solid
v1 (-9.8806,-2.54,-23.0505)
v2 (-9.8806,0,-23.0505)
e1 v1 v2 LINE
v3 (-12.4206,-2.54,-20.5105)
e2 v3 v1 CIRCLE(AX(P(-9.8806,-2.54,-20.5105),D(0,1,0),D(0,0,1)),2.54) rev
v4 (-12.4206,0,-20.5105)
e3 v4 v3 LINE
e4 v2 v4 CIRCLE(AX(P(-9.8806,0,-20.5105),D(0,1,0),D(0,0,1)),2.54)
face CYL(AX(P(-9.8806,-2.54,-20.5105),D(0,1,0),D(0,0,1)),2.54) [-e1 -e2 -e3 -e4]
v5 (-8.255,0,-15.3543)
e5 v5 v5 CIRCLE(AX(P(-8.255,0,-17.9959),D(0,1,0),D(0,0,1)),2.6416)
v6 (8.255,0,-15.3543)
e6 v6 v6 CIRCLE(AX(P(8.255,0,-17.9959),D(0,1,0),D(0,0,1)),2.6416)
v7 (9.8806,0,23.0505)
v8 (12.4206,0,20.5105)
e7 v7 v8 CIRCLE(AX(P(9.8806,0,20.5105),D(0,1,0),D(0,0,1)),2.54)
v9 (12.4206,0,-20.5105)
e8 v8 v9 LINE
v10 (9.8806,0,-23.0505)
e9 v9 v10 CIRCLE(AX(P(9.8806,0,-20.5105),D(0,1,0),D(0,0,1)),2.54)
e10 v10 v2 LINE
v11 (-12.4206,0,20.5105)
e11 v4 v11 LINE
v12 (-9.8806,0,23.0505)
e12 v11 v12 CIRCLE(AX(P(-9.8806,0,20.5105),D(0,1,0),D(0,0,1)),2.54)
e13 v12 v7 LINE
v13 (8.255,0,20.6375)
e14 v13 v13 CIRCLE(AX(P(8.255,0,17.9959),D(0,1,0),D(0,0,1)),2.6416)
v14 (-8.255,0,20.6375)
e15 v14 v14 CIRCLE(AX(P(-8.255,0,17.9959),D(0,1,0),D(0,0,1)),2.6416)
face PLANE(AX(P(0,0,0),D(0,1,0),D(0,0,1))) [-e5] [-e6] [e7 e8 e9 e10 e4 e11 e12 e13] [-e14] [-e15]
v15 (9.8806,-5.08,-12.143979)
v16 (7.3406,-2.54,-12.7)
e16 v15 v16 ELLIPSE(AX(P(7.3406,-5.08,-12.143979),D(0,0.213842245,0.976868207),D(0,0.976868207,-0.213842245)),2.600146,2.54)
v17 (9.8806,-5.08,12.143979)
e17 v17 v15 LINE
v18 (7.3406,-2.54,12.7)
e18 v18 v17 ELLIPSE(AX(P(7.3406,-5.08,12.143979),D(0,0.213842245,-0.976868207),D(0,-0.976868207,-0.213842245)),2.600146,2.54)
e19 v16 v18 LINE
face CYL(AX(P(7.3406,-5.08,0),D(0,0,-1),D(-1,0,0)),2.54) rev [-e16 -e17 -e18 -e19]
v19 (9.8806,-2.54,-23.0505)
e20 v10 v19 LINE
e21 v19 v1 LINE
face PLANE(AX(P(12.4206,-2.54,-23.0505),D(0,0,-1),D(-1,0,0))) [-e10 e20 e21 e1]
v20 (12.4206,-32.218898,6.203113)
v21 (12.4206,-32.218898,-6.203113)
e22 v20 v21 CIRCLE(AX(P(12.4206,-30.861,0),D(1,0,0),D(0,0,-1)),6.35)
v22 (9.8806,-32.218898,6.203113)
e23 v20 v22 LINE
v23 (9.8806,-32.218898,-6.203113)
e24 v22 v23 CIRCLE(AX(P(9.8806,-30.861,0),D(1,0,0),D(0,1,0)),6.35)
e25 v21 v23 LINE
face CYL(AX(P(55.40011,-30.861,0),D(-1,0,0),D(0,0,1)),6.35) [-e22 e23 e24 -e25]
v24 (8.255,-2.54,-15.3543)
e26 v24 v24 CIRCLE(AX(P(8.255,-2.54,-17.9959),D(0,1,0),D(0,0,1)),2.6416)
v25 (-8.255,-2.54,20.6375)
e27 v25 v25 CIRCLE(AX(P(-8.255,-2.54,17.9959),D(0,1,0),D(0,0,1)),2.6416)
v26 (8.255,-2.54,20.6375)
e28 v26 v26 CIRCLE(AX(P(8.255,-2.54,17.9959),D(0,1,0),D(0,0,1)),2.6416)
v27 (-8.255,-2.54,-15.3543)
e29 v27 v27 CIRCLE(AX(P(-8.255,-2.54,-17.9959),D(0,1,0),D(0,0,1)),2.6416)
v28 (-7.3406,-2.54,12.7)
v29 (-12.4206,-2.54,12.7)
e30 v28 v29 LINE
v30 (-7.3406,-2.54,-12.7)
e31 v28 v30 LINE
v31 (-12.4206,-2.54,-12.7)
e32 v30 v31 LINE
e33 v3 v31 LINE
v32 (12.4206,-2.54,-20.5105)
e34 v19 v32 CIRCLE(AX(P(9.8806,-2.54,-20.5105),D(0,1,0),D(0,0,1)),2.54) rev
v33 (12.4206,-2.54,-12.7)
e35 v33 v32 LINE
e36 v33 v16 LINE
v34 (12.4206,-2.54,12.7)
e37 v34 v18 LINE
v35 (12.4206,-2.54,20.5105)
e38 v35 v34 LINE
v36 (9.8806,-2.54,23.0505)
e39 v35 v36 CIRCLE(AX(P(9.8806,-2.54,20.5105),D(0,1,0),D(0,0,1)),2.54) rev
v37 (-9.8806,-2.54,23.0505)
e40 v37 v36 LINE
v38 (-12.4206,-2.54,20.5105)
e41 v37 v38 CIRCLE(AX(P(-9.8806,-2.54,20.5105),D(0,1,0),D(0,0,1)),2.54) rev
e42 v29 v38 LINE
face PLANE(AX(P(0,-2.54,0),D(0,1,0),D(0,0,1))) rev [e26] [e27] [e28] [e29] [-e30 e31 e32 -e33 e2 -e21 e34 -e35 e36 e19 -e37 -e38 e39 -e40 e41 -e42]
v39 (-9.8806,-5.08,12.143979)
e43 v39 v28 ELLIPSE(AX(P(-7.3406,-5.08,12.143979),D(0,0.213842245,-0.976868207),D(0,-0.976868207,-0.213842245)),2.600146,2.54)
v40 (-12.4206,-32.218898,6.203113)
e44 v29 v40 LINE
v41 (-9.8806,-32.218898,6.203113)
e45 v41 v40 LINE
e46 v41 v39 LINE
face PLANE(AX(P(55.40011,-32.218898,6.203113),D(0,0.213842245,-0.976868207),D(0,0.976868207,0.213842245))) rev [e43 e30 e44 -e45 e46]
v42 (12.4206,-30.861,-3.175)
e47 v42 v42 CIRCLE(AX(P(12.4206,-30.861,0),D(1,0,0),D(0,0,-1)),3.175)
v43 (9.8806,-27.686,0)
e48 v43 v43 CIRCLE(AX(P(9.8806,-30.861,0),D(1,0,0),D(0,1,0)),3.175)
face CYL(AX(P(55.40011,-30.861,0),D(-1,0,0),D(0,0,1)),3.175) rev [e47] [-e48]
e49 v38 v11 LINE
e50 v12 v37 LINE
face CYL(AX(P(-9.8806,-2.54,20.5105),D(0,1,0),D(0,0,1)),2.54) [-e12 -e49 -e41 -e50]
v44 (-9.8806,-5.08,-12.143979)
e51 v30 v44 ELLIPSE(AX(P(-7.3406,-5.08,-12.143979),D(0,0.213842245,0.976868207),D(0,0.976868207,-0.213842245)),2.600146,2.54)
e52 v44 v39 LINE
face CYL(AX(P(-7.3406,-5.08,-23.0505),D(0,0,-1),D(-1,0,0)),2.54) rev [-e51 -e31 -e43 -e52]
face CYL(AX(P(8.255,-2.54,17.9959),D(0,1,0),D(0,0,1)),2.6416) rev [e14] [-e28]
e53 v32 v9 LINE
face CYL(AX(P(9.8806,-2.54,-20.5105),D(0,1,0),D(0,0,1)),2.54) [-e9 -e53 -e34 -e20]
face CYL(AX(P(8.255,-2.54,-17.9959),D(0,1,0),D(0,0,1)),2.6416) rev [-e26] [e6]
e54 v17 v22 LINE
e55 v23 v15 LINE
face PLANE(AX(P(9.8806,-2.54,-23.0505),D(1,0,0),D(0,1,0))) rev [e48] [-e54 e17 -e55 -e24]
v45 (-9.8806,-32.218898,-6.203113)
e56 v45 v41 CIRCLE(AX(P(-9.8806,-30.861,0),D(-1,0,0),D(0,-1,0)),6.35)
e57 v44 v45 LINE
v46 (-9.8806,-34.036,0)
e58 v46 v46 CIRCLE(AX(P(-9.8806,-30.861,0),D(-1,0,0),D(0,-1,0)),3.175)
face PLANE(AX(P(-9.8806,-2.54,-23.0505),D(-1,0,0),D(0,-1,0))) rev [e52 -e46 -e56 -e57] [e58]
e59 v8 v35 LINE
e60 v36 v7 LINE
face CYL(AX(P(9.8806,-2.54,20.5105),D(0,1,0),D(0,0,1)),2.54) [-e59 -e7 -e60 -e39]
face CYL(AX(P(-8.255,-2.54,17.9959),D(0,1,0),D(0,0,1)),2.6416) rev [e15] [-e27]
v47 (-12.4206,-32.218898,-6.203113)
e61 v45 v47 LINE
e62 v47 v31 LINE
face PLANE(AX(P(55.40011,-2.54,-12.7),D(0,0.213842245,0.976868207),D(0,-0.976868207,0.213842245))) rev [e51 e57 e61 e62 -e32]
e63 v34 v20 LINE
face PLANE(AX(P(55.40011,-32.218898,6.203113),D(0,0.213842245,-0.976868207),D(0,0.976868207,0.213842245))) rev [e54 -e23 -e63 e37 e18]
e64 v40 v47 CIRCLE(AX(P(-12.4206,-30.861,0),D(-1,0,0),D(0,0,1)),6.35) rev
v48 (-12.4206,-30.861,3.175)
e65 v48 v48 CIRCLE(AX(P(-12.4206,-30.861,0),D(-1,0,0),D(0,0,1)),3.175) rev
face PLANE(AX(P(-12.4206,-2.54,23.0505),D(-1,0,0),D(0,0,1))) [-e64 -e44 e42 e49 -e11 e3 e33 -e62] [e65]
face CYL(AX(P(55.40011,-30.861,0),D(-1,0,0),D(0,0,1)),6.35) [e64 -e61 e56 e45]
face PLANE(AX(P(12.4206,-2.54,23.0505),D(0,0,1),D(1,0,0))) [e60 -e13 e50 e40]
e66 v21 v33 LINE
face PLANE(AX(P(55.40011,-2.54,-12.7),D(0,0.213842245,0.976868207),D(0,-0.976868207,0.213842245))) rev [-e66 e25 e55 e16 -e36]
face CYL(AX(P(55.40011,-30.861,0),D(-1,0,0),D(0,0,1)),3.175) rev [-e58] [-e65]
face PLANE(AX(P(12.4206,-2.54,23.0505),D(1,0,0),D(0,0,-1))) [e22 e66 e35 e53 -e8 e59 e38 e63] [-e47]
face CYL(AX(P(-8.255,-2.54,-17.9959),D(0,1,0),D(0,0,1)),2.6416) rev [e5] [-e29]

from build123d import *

# Parameters (mm, degrees)
SKETCH1_W                       = 24.8412
SKETCH1_H                       = 46.101
SKETCH1_R                       = 2.6416
BOSS_EXTRUDE1_DEPTH             = 2.54
BOSS_EXTRUDE2_REACH             = 28.307
SKETCH2_R                       = 3.175
BOSS_EXTRUDE2_DIRECTION_2_REACH = 28.307
CUT_EXTRUDE1_DEPTH              = 46.500059073
CUT_EXTRUDE1_DEPTH_BACK         = 46.500059073
SKETCH3_W                       = 19.7612
SKETCH3_H                       = 34.671
FILLET1_R                       = 2.54


with BuildPart() as part:
    # Sketch1 → Boss-Extrude1 (new body)
    with BuildSketch(Plane(origin=(0, 0, 0), x_dir=(1, 0, 0), z_dir=(0, 1, 0))):
        Rectangle(SKETCH1_W, SKETCH1_H)
        with Locations(Location((-8.255, 17.9959, 0), (0, 0, 270))):
            Circle(SKETCH1_R, mode=Mode.SUBTRACT)
        with Locations(Location((8.255, 17.9959, 0), (0, 0, 270))):
            Circle(SKETCH1_R, mode=Mode.SUBTRACT)
        with Locations(Location((8.255, -17.9959, 0), (0, 0, 270))):
            Circle(SKETCH1_R, mode=Mode.SUBTRACT)
        with Locations(Location((-8.255, -17.9959, 0), (0, 0, 270))):
            Circle(SKETCH1_R, mode=Mode.SUBTRACT)
    extrude(amount=-BOSS_EXTRUDE1_DEPTH)

    # Boss-Extrude2: up to this face of the body (flat: up to its plane)
    boss_extrude2_end = Plane(part.part.faces().sort_by_distance((12.4206, -1.27, 0))[0])
    # Sketch2 → Boss-Extrude2 (add, up to the picked face)
    with BuildSketch(Plane(origin=(0, 0, 0), x_dir=(0, 0, -1), z_dir=(1, 0, 0)), mode=Mode.PRIVATE) as boss_extrude2_sk1:
        with BuildLine():
            Line((-6.203113115, -32.218898258), (-12.7, -2.54))
            Line((-12.7, -2.54), (12.7, -2.54))
            Line((12.7, -2.54), (6.203113115, -32.218898258))
            ThreePointArc((6.203113115, -32.218898258), (0, -37.211), (-6.203113115, -32.218898258))
        make_face()
        with Locations(Location((0, -30.861, 0), (0, 0, 180))):
            Circle(SKETCH2_R, mode=Mode.SUBTRACT)
    boss_extrude2_tool1 = split(extrude(boss_extrude2_sk1.sketch, amount=BOSS_EXTRUDE2_REACH, mode=Mode.PRIVATE), bisect_by=boss_extrude2_end, keep=Keep.BOTH, mode=Mode.PRIVATE)
    add(boss_extrude2_tool1.solids().sort_by(Axis((0, -16.339772, 0), (1, 0, 0)))[0])

    # Boss-Extrude2 direction 2: up to this face of the body (flat: up to its plane)
    boss_extrude2_direction_2_end = Plane(part.part.faces().sort_by_distance((-12.4206, -1.27, 0))[0])
    # Sketch2 → Boss-Extrude2 direction 2 (add, up to the picked face)
    with BuildSketch(Plane(origin=(0, 0, 0), x_dir=(0, 0, -1), z_dir=(1, 0, 0)), mode=Mode.PRIVATE) as boss_extrude2_direction_2_sk1:
        with BuildLine():
            Line((-6.203113115, -32.218898258), (-12.7, -2.54))
            Line((-12.7, -2.54), (12.7, -2.54))
            Line((12.7, -2.54), (6.203113115, -32.218898258))
            ThreePointArc((6.203113115, -32.218898258), (0, -37.211), (-6.203113115, -32.218898258))
        make_face()
        with Locations(Location((0, -30.861, 0), (0, 0, 180))):
            Circle(SKETCH2_R, mode=Mode.SUBTRACT)
    boss_extrude2_direction_2_tool1 = split(extrude(boss_extrude2_direction_2_sk1.sketch, amount=-BOSS_EXTRUDE2_DIRECTION_2_REACH, mode=Mode.PRIVATE), bisect_by=boss_extrude2_direction_2_end, keep=Keep.BOTH, mode=Mode.PRIVATE)
    add(boss_extrude2_direction_2_tool1.solids().sort_by(Axis((0, -16.339772, 0), (-1, 0, 0)))[0])

    # Sketch3 → Cut-Extrude1 (cut, two sides: drawn at the far end of the back side and taken through both)
    with BuildSketch(Plane.XY.offset(-CUT_EXTRUDE1_DEPTH_BACK)):
        with Locations((0, -19.8755)):
            Rectangle(SKETCH3_W, SKETCH3_H)
    extrude(amount=CUT_EXTRUDE1_DEPTH + CUT_EXTRUDE1_DEPTH_BACK, mode=Mode.SUBTRACT)

    # Fillet1
    fillet1_edges = [part.edges().sort_by_distance(p)[0] for p in [
        (-9.8806, -2.54, 0),
        (9.8806, -2.54, 0),
        (-12.4206, -1.27, -23.0505),
        (12.4206, -1.27, -23.0505),
        (12.4206, -1.27, 23.0505),
        (-12.4206, -1.27, 23.0505),
    ]]
    fillet(fillet1_edges, radius=FILLET1_R)


solid = part.part
